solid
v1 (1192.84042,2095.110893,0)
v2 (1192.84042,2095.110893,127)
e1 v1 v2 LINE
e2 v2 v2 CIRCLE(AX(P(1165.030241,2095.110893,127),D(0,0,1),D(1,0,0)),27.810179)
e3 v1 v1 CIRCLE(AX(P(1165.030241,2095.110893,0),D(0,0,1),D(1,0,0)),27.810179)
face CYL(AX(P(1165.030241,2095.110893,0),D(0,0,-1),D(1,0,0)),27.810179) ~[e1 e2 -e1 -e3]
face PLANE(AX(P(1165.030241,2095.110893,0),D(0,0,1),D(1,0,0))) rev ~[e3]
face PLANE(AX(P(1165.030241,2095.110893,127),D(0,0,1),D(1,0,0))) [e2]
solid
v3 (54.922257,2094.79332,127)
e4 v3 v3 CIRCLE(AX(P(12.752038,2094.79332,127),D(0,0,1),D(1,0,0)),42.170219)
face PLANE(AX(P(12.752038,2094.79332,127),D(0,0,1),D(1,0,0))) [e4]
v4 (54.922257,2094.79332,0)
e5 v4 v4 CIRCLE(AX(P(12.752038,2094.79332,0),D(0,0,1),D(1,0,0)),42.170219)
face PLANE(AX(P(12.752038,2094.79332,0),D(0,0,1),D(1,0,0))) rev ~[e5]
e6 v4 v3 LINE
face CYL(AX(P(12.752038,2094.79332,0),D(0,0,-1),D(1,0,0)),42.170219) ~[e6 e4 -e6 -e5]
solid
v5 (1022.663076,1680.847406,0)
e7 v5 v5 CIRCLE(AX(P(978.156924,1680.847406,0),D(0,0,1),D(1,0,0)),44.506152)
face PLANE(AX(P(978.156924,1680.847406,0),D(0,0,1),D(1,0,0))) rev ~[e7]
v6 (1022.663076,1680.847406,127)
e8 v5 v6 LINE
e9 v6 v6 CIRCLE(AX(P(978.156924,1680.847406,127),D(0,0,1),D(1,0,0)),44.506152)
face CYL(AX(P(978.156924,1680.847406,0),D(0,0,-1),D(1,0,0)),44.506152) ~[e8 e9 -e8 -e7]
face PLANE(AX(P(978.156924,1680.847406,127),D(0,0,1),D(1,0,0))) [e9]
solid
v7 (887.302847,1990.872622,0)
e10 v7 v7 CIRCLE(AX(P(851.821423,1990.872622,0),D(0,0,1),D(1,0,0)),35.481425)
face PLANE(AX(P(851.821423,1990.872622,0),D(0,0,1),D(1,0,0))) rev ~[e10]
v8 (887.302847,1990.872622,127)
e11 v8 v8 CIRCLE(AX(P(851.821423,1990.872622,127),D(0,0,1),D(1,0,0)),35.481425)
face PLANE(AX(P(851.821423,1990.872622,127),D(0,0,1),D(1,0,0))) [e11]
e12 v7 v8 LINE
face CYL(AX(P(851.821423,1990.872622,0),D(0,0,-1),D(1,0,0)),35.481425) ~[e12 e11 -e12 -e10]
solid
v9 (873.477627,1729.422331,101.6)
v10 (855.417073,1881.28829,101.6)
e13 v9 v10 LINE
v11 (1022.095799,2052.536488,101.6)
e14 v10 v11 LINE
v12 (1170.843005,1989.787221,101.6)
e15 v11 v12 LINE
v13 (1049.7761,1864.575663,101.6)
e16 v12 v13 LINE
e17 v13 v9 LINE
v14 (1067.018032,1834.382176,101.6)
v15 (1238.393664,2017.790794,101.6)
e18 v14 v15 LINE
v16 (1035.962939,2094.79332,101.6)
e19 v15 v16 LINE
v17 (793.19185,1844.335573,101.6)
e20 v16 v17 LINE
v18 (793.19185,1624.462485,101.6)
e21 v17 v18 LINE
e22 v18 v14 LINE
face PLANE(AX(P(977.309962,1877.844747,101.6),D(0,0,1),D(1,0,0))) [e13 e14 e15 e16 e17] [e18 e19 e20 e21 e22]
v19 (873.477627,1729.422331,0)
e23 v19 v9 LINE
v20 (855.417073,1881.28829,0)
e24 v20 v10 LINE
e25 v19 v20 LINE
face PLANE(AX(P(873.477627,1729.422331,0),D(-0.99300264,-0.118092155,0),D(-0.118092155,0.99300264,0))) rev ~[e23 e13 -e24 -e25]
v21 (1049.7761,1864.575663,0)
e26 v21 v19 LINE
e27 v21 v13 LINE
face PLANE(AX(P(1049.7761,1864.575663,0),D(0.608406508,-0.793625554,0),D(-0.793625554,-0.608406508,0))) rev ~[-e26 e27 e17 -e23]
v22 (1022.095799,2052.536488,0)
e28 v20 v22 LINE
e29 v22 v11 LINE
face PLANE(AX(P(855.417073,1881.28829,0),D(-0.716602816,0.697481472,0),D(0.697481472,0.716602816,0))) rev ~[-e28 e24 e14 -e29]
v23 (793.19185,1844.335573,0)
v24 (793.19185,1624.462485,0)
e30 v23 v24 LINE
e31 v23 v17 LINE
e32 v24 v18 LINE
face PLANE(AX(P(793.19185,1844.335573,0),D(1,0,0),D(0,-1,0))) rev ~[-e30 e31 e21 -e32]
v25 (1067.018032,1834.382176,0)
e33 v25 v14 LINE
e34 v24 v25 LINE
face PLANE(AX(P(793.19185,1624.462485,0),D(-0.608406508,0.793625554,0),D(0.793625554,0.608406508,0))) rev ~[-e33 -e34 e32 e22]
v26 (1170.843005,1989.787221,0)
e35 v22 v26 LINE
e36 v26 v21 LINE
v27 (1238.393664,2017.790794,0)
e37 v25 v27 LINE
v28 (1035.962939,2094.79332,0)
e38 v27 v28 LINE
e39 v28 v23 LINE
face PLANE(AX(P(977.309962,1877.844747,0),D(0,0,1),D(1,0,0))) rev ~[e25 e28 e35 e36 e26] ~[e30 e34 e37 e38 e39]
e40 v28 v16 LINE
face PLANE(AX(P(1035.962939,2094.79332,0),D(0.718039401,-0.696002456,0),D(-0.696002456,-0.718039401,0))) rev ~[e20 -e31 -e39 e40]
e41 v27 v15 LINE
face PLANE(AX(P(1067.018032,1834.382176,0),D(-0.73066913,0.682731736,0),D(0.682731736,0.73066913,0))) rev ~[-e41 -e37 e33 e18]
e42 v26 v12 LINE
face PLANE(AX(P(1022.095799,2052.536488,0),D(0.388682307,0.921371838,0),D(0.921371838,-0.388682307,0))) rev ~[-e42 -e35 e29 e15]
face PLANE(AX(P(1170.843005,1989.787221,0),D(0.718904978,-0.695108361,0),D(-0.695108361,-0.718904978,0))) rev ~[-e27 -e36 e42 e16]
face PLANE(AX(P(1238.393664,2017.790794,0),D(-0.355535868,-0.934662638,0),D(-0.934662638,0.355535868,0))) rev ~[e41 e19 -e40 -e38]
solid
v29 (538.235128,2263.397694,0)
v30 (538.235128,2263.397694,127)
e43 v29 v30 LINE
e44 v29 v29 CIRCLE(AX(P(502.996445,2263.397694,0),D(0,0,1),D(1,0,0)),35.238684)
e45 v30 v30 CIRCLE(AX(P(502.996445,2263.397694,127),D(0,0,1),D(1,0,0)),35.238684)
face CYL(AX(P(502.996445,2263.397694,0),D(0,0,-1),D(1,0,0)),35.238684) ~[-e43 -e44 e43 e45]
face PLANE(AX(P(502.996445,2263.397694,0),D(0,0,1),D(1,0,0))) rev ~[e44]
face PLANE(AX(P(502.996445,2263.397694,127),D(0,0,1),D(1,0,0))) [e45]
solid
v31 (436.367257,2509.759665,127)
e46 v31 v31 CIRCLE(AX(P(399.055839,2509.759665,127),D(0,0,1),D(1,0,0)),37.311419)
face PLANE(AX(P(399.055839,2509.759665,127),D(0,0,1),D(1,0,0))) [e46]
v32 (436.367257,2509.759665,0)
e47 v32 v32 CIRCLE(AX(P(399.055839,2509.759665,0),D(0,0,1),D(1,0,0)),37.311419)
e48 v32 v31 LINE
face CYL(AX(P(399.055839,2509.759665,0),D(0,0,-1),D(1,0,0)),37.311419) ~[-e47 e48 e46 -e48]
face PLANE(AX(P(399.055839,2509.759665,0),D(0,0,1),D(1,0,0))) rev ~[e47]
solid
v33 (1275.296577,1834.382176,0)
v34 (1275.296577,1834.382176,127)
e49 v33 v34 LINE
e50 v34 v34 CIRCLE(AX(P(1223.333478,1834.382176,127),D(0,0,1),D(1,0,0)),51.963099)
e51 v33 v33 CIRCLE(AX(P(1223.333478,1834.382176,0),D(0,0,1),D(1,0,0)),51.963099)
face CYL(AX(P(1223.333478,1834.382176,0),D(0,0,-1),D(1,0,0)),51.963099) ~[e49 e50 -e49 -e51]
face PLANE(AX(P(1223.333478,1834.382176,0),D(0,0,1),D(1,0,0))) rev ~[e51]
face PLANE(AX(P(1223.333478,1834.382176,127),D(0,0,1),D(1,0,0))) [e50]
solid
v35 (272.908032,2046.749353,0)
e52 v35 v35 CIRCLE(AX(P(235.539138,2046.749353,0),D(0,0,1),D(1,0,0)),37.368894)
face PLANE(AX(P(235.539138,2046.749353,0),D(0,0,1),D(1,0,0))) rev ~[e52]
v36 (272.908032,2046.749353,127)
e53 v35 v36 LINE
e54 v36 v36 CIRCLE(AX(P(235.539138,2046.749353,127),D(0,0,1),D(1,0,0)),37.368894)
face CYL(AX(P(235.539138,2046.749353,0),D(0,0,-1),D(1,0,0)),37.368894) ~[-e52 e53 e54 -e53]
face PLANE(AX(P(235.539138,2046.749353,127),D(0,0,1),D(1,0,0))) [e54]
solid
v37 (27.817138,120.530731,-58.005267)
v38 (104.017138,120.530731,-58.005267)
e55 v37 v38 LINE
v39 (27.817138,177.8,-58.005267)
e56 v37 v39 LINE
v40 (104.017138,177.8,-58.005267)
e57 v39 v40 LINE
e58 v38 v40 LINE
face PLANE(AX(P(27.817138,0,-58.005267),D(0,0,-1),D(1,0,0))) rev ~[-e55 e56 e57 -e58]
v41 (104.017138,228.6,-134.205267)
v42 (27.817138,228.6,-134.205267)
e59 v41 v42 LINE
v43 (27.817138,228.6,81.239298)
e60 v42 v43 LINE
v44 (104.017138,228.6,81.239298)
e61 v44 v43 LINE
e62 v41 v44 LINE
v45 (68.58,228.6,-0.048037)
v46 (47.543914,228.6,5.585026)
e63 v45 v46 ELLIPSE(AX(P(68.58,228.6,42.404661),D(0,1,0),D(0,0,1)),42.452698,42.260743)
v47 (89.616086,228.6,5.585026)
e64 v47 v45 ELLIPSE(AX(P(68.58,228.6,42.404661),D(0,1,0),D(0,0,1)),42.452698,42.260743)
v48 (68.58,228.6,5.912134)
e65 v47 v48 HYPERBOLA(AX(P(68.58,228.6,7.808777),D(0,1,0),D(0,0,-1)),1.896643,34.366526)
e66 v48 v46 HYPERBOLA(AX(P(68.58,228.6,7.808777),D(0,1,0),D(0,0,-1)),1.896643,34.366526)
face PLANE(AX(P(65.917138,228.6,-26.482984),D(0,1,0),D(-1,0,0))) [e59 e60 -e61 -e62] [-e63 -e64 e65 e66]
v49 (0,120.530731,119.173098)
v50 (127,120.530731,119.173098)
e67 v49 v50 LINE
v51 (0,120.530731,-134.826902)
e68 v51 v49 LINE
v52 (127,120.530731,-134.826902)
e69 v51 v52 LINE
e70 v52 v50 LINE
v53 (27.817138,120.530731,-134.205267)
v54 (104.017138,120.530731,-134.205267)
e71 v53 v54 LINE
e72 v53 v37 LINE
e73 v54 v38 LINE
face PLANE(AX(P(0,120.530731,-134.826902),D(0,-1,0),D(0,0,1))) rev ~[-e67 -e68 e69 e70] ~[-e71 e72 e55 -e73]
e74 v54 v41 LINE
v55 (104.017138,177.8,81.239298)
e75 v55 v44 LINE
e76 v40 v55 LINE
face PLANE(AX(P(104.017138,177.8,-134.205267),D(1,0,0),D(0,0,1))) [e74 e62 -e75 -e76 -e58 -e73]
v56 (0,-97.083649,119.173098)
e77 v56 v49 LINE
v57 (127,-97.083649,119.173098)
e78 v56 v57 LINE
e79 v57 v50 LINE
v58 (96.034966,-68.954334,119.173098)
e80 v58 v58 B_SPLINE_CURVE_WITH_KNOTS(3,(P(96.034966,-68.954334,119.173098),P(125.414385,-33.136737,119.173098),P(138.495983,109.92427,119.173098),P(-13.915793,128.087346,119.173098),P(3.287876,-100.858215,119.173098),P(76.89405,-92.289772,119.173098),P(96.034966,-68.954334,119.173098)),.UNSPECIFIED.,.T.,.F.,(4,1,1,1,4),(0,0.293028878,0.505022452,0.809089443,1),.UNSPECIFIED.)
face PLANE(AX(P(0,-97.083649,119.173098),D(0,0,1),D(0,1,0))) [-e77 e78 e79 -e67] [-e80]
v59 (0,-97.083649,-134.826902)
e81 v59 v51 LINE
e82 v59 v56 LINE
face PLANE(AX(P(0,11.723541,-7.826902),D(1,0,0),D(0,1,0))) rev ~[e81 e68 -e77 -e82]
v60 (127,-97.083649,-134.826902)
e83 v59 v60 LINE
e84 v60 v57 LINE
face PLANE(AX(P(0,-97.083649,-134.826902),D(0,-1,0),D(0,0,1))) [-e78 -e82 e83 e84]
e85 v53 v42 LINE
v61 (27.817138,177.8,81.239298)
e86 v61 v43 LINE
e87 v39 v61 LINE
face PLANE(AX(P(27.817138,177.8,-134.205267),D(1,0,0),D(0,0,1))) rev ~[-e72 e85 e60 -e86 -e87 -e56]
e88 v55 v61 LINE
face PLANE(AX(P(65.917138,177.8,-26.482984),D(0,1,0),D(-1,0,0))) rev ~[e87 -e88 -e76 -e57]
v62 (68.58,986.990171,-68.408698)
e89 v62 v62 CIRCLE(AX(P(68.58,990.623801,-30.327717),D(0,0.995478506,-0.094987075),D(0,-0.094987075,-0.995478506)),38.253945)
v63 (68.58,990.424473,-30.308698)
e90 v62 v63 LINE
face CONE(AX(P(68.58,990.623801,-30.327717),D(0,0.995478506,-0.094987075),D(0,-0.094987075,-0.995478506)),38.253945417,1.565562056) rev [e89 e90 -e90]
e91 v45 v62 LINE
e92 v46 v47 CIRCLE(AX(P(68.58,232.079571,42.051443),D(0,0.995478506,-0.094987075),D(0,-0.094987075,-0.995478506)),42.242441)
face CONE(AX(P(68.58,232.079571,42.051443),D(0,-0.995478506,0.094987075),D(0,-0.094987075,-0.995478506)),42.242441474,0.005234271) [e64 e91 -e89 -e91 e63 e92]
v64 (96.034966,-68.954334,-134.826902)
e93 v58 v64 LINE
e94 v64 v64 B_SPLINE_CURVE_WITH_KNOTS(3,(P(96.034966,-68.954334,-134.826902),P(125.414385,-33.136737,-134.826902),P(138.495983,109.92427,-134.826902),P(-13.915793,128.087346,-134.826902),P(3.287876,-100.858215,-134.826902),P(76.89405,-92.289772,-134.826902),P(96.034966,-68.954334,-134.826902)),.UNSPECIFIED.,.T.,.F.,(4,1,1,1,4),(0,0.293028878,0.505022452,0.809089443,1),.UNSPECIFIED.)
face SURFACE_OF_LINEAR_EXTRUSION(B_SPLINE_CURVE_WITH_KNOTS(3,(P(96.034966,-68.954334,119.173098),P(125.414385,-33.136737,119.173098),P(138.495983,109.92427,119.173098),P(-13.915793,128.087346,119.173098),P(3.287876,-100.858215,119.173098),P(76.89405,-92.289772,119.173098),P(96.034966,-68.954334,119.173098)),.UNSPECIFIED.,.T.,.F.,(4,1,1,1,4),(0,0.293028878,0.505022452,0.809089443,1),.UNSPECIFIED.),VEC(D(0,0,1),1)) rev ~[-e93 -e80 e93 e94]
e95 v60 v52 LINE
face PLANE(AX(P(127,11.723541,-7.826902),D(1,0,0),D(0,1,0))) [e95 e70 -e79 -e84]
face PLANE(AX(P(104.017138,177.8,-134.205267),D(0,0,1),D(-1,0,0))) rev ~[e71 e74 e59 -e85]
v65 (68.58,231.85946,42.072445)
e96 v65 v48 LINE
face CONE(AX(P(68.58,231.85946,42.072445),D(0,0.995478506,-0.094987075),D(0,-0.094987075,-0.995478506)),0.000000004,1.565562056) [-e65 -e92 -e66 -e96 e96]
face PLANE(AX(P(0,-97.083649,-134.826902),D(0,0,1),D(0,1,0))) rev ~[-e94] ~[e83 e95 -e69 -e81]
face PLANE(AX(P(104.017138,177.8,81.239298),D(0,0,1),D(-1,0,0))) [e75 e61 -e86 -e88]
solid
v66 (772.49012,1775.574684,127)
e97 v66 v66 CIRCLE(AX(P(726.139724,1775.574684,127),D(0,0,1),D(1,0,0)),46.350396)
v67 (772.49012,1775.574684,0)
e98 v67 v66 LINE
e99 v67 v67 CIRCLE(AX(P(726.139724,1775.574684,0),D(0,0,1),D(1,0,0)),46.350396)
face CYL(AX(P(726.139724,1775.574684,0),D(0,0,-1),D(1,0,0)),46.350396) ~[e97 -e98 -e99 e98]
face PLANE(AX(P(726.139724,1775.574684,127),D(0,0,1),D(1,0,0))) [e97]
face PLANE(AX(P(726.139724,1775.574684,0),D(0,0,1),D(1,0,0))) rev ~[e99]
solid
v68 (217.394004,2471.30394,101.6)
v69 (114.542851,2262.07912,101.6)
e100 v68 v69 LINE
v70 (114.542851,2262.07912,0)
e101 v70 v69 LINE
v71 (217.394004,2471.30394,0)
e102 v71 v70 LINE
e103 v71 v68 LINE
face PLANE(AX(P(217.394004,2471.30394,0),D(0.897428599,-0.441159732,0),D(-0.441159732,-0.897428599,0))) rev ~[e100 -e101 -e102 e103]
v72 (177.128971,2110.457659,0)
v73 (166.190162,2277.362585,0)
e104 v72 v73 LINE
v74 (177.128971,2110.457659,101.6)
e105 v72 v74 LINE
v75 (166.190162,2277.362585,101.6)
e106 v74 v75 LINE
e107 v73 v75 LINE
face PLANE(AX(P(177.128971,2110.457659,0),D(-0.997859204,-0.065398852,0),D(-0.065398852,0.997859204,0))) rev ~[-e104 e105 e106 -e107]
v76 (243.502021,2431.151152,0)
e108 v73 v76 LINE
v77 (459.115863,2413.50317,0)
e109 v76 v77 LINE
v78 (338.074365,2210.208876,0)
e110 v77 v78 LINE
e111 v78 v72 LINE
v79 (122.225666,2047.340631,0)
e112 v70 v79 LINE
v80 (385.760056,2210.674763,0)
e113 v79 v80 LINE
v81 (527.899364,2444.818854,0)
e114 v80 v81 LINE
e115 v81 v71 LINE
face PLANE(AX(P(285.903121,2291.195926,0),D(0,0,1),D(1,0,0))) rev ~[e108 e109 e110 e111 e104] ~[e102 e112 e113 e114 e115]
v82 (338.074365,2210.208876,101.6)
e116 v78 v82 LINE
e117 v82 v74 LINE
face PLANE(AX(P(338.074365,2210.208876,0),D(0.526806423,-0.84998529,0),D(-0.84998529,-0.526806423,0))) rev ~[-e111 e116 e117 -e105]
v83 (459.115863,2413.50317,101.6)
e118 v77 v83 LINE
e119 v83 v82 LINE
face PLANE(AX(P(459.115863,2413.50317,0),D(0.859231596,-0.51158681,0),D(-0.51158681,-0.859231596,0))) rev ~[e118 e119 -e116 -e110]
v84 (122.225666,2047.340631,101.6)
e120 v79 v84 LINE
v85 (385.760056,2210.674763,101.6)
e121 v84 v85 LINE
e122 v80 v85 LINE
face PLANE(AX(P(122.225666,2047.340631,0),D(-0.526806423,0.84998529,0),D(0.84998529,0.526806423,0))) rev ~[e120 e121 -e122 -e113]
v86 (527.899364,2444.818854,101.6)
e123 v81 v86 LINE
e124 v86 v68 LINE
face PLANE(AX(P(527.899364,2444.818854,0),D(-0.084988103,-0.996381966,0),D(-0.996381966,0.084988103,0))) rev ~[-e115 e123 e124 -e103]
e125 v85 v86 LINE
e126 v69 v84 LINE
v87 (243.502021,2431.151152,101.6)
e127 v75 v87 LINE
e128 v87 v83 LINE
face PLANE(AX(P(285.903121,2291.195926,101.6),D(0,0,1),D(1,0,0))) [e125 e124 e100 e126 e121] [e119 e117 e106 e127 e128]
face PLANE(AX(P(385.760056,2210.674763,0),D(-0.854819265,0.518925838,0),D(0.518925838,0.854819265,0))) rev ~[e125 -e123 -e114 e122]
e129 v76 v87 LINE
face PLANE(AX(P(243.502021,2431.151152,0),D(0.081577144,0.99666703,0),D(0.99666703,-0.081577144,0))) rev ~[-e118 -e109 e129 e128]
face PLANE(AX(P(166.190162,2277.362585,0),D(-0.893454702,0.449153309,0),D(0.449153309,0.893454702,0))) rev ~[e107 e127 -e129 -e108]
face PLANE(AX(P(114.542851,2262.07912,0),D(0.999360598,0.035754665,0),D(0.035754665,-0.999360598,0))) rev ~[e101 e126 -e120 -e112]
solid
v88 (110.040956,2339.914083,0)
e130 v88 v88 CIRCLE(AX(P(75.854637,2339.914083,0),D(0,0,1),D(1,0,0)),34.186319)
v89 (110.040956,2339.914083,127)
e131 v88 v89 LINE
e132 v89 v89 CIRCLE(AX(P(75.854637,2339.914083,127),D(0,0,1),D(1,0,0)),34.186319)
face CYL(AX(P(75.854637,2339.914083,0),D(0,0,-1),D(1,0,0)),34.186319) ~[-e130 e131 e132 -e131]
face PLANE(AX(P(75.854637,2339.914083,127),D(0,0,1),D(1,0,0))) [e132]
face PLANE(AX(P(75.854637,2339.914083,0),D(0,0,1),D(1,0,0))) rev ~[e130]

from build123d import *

# Parameters (mm, degrees)
F0_W      = 217.614380403
F0_H      = 254
F1_DEPTH  = 127
F2_W      = 76.2
F2_H      = 76.2
F3_DEPTH  = 177.8
F4_W      = 76.2
F4_H      = 215.4445648193
F5_DEPTH  = 50.8
F10_DEPTH = 254
F12_DEPTH = 127
F11_R     = 44.5061517934
F11_R_2   = 51.9630985592
F11_R_3   = 27.8101789548
F11_R_4   = 35.481424756
F11_R_5   = 46.3503959329
F11_R_6   = 37.3688939791
F11_R_7   = 35.2386836253
F11_R_8   = 37.3114185213
F11_R_9   = 34.1863192839
F11_R_10  = 42.1702188175
F13_DEPTH = 25.4


with BuildPart() as f1:
    # F0 (on Right) → F1 (new body)
    with BuildSketch(Plane.YZ):
        with Locations((11.7235407233, -7.8269019723)):
            Rectangle(F0_W, F0_H)
    extrude(amount=F1_DEPTH)

    # F2 (on Front) → F3 (join)
    with BuildSketch(Plane.XZ):
        with Locations((65.9171384811, -96.1052668333)):
            Rectangle(F2_W, F2_H)
    extrude(amount=-F3_DEPTH)

    # F4 (on face) → F5 (join)
    with BuildSketch(Plane(origin=(0, 177.8, 0), x_dir=(-1, 0, 0), z_dir=(0, 1, 0))):
        with Locations((-65.9171384811, -26.4829844236)):
            Rectangle(F4_W, F4_H)
    extrude(amount=F5_DEPTH)

    # F7 (on offset) → F8 (revolve)
    with BuildSketch(Plane.YZ.offset(68.58)):
        Polygon((990.4244733008, -30.3086977656), (231.8594604731, 42.0724451542), (228.0670851469, 0), (986.9901708875, -68.4086977656), align=None)
    revolve(axis=Axis((68.58, 611.1419668869, 5.8818736943), (0, 0.9954785058, -0.0949870753)))

    # F9 (on face) → F10 (cut, through all)
    with BuildSketch(Plane.XY.offset(119.1730980277)):
        with BuildLine():
            add(Edge.make_bspline(
                [(96.0349664092, -68.954333663), (125.4143850484, -33.1367367442), (138.4959831494, 109.9242702785), (-13.9157927457, 128.0873460879), (3.2878757636, -100.8582148726), (76.8940503244, -92.2897721685), (96.0349664092, -68.954333663)],
                knots=[0, 0, 0, 0, 0.2930288782, 0.5050224519, 0.8090894433, 1, 1, 1, 1], degree=3))
        make_face()
    extrude(amount=-F10_DEPTH, mode=Mode.SUBTRACT)


with BuildPart() as f12:
    # F11 (on Top) → F12 (new body)
    with BuildSketch(Plane.XY):
        Polygon((793.1918501854, 1844.3355725185), (793.1918501854, 1624.4624853134), (1067.018032074, 1834.3821763992), (1238.39366436, 2017.7907943726), (1035.9629392624, 2094.7933197021), align=None)
        Polygon((1049.7760996806, 1864.5756627621), (873.4776273751, 1729.4223308563), (855.417072773, 1881.2882900238), (1022.0957994461, 2052.5364875793), (1170.8430051804, 1989.7872209549), align=None, mode=Mode.SUBTRACT)
    extrude(amount=F12_DEPTH)


with BuildPart() as f12b:
    # F11 (on Top) → F12, piece 2 (new body)
    with BuildSketch(Plane.XY):
        Polygon((114.5428512245, 2262.0791196823), (122.2256664187, 2047.340631485), (385.7600558549, 2210.6747627258), (527.8993640095, 2444.818854332), (217.3940036446, 2471.3039398193), align=None)
        Polygon((338.0743651785, 2210.2088762584), (177.128970623, 2110.4576587677), (166.1901623011, 2277.3625850677), (243.5020208359, 2431.1511516571), (459.1158628464, 2413.5031700134), align=None, mode=Mode.SUBTRACT)
    extrude(amount=F12_DEPTH)


with BuildPart() as f12c:
    # F11 (on Top) → F12, piece 3 (new body)
    with BuildSketch(Plane.XY):
        with Locations((978.1569242477, 1680.8474063873)):
            Circle(F11_R)
    extrude(amount=F12_DEPTH)


with BuildPart() as f12d:
    # F11 (on Top) → F12, piece 4 (new body)
    with BuildSketch(Plane.XY):
        with Locations((1223.3334779739, 1834.3821763992)):
            Circle(F11_R_2)
    extrude(amount=F12_DEPTH)


with BuildPart() as f12e:
    # F11 (on Top) → F12, piece 5 (new body)
    with BuildSketch(Plane.XY):
        with Locations((1165.0302410126, 2095.1108932495)):
            Circle(F11_R_3)
    extrude(amount=F12_DEPTH)


with BuildPart() as f12f:
    # F11 (on Top) → F12, piece 6 (new body)
    with BuildSketch(Plane.XY):
        with Locations((851.8214225769, 1990.8726215363)):
            Circle(F11_R_4)
    extrude(amount=F12_DEPTH)


with BuildPart() as f12g:
    # F11 (on Top) → F12, piece 7 (new body)
    with BuildSketch(Plane.XY):
        with Locations((726.1397242546, 1775.5746841431)):
            Circle(F11_R_5)
    extrude(amount=F12_DEPTH)


with BuildPart() as f12h:
    # F11 (on Top) → F12, piece 8 (new body)
    with BuildSketch(Plane.XY):
        with Locations((235.5391383171, 2046.7493534088)):
            Circle(F11_R_6)
    extrude(amount=F12_DEPTH)


with BuildPart() as f12i:
    # F11 (on Top) → F12, piece 9 (new body)
    with BuildSketch(Plane.XY):
        with Locations((502.9964447021, 2263.397693634)):
            Circle(F11_R_7)
    extrude(amount=F12_DEPTH)


with BuildPart() as f12j:
    # F11 (on Top) → F12, piece 10 (new body)
    with BuildSketch(Plane.XY):
        with Locations((399.0558385849, 2509.7596645355)):
            Circle(F11_R_8)
    extrude(amount=F12_DEPTH)


with BuildPart() as f12k:
    # F11 (on Top) → F12, piece 11 (new body)
    with BuildSketch(Plane.XY):
        with Locations((75.8546367288, 2339.9140834808)):
            Circle(F11_R_9)
    extrude(amount=F12_DEPTH)


with BuildPart() as f12l:
    # F11 (on Top) → F12, piece 12 (new body)
    with BuildSketch(Plane.XY):
        with Locations((12.7520384267, 2094.7933197021)):
            Circle(F11_R_10)
    extrude(amount=F12_DEPTH)


with BuildPart() as f13_tool:
    # F12_face (on face) → F13 (new body)
    with BuildSketch(Plane(origin=(969.1354568342, 1867.9586759771, 127), x_dir=(1, 0, 0), z_dir=(0, 0, 1))):
        Polygon((97.8825752397, -33.5764995779), (269.2582075258, 149.8321183954), (66.8274824282, 226.834643725), (-175.9436066488, -23.6231034586), (-175.9436066488, -243.4961906637), align=None)
        Polygon((52.9603426119, 184.5778116022), (201.7075483461, 121.8285449778), (80.6406428464, -3.3830132151), (-95.6578294591, -138.5363451208), (-113.7183840612, 13.3296140467), align=None, mode=Mode.SUBTRACT)
        Polygon((-751.7414531896, 603.3452638422), (-854.5926056097, 394.1204437052), (-846.9097904156, 179.3819555079), (-583.3754009793, 342.7160867487), (-441.2360928247, 576.8601783548), align=None)
        Polygon((-725.6334359984, 563.19247568), (-510.0195939879, 545.5444940363), (-631.0610916557, 342.2502002813), (-792.0064862112, 242.4989827906), (-802.9452945332, 409.4039090906), align=None, mode=Mode.SUBTRACT)
    extrude(amount=-F13_DEPTH)


with BuildPart() as f12_1:
    add(f12.part)

    # F13: cut by f13_tool
    add(f13_tool.part, mode=Mode.SUBTRACT)


with BuildPart() as f12b_1:
    add(f12b.part)

    # F13: cut by f13_tool
    add(f13_tool.part, mode=Mode.SUBTRACT)


solid = Compound([f1.part, f12c.part, f12d.part, f12e.part, f12f.part, f12g.part, f12h.part, f12i.part, f12j.part, f12k.part, f12l.part, f12_1.part, f12b_1.part])
